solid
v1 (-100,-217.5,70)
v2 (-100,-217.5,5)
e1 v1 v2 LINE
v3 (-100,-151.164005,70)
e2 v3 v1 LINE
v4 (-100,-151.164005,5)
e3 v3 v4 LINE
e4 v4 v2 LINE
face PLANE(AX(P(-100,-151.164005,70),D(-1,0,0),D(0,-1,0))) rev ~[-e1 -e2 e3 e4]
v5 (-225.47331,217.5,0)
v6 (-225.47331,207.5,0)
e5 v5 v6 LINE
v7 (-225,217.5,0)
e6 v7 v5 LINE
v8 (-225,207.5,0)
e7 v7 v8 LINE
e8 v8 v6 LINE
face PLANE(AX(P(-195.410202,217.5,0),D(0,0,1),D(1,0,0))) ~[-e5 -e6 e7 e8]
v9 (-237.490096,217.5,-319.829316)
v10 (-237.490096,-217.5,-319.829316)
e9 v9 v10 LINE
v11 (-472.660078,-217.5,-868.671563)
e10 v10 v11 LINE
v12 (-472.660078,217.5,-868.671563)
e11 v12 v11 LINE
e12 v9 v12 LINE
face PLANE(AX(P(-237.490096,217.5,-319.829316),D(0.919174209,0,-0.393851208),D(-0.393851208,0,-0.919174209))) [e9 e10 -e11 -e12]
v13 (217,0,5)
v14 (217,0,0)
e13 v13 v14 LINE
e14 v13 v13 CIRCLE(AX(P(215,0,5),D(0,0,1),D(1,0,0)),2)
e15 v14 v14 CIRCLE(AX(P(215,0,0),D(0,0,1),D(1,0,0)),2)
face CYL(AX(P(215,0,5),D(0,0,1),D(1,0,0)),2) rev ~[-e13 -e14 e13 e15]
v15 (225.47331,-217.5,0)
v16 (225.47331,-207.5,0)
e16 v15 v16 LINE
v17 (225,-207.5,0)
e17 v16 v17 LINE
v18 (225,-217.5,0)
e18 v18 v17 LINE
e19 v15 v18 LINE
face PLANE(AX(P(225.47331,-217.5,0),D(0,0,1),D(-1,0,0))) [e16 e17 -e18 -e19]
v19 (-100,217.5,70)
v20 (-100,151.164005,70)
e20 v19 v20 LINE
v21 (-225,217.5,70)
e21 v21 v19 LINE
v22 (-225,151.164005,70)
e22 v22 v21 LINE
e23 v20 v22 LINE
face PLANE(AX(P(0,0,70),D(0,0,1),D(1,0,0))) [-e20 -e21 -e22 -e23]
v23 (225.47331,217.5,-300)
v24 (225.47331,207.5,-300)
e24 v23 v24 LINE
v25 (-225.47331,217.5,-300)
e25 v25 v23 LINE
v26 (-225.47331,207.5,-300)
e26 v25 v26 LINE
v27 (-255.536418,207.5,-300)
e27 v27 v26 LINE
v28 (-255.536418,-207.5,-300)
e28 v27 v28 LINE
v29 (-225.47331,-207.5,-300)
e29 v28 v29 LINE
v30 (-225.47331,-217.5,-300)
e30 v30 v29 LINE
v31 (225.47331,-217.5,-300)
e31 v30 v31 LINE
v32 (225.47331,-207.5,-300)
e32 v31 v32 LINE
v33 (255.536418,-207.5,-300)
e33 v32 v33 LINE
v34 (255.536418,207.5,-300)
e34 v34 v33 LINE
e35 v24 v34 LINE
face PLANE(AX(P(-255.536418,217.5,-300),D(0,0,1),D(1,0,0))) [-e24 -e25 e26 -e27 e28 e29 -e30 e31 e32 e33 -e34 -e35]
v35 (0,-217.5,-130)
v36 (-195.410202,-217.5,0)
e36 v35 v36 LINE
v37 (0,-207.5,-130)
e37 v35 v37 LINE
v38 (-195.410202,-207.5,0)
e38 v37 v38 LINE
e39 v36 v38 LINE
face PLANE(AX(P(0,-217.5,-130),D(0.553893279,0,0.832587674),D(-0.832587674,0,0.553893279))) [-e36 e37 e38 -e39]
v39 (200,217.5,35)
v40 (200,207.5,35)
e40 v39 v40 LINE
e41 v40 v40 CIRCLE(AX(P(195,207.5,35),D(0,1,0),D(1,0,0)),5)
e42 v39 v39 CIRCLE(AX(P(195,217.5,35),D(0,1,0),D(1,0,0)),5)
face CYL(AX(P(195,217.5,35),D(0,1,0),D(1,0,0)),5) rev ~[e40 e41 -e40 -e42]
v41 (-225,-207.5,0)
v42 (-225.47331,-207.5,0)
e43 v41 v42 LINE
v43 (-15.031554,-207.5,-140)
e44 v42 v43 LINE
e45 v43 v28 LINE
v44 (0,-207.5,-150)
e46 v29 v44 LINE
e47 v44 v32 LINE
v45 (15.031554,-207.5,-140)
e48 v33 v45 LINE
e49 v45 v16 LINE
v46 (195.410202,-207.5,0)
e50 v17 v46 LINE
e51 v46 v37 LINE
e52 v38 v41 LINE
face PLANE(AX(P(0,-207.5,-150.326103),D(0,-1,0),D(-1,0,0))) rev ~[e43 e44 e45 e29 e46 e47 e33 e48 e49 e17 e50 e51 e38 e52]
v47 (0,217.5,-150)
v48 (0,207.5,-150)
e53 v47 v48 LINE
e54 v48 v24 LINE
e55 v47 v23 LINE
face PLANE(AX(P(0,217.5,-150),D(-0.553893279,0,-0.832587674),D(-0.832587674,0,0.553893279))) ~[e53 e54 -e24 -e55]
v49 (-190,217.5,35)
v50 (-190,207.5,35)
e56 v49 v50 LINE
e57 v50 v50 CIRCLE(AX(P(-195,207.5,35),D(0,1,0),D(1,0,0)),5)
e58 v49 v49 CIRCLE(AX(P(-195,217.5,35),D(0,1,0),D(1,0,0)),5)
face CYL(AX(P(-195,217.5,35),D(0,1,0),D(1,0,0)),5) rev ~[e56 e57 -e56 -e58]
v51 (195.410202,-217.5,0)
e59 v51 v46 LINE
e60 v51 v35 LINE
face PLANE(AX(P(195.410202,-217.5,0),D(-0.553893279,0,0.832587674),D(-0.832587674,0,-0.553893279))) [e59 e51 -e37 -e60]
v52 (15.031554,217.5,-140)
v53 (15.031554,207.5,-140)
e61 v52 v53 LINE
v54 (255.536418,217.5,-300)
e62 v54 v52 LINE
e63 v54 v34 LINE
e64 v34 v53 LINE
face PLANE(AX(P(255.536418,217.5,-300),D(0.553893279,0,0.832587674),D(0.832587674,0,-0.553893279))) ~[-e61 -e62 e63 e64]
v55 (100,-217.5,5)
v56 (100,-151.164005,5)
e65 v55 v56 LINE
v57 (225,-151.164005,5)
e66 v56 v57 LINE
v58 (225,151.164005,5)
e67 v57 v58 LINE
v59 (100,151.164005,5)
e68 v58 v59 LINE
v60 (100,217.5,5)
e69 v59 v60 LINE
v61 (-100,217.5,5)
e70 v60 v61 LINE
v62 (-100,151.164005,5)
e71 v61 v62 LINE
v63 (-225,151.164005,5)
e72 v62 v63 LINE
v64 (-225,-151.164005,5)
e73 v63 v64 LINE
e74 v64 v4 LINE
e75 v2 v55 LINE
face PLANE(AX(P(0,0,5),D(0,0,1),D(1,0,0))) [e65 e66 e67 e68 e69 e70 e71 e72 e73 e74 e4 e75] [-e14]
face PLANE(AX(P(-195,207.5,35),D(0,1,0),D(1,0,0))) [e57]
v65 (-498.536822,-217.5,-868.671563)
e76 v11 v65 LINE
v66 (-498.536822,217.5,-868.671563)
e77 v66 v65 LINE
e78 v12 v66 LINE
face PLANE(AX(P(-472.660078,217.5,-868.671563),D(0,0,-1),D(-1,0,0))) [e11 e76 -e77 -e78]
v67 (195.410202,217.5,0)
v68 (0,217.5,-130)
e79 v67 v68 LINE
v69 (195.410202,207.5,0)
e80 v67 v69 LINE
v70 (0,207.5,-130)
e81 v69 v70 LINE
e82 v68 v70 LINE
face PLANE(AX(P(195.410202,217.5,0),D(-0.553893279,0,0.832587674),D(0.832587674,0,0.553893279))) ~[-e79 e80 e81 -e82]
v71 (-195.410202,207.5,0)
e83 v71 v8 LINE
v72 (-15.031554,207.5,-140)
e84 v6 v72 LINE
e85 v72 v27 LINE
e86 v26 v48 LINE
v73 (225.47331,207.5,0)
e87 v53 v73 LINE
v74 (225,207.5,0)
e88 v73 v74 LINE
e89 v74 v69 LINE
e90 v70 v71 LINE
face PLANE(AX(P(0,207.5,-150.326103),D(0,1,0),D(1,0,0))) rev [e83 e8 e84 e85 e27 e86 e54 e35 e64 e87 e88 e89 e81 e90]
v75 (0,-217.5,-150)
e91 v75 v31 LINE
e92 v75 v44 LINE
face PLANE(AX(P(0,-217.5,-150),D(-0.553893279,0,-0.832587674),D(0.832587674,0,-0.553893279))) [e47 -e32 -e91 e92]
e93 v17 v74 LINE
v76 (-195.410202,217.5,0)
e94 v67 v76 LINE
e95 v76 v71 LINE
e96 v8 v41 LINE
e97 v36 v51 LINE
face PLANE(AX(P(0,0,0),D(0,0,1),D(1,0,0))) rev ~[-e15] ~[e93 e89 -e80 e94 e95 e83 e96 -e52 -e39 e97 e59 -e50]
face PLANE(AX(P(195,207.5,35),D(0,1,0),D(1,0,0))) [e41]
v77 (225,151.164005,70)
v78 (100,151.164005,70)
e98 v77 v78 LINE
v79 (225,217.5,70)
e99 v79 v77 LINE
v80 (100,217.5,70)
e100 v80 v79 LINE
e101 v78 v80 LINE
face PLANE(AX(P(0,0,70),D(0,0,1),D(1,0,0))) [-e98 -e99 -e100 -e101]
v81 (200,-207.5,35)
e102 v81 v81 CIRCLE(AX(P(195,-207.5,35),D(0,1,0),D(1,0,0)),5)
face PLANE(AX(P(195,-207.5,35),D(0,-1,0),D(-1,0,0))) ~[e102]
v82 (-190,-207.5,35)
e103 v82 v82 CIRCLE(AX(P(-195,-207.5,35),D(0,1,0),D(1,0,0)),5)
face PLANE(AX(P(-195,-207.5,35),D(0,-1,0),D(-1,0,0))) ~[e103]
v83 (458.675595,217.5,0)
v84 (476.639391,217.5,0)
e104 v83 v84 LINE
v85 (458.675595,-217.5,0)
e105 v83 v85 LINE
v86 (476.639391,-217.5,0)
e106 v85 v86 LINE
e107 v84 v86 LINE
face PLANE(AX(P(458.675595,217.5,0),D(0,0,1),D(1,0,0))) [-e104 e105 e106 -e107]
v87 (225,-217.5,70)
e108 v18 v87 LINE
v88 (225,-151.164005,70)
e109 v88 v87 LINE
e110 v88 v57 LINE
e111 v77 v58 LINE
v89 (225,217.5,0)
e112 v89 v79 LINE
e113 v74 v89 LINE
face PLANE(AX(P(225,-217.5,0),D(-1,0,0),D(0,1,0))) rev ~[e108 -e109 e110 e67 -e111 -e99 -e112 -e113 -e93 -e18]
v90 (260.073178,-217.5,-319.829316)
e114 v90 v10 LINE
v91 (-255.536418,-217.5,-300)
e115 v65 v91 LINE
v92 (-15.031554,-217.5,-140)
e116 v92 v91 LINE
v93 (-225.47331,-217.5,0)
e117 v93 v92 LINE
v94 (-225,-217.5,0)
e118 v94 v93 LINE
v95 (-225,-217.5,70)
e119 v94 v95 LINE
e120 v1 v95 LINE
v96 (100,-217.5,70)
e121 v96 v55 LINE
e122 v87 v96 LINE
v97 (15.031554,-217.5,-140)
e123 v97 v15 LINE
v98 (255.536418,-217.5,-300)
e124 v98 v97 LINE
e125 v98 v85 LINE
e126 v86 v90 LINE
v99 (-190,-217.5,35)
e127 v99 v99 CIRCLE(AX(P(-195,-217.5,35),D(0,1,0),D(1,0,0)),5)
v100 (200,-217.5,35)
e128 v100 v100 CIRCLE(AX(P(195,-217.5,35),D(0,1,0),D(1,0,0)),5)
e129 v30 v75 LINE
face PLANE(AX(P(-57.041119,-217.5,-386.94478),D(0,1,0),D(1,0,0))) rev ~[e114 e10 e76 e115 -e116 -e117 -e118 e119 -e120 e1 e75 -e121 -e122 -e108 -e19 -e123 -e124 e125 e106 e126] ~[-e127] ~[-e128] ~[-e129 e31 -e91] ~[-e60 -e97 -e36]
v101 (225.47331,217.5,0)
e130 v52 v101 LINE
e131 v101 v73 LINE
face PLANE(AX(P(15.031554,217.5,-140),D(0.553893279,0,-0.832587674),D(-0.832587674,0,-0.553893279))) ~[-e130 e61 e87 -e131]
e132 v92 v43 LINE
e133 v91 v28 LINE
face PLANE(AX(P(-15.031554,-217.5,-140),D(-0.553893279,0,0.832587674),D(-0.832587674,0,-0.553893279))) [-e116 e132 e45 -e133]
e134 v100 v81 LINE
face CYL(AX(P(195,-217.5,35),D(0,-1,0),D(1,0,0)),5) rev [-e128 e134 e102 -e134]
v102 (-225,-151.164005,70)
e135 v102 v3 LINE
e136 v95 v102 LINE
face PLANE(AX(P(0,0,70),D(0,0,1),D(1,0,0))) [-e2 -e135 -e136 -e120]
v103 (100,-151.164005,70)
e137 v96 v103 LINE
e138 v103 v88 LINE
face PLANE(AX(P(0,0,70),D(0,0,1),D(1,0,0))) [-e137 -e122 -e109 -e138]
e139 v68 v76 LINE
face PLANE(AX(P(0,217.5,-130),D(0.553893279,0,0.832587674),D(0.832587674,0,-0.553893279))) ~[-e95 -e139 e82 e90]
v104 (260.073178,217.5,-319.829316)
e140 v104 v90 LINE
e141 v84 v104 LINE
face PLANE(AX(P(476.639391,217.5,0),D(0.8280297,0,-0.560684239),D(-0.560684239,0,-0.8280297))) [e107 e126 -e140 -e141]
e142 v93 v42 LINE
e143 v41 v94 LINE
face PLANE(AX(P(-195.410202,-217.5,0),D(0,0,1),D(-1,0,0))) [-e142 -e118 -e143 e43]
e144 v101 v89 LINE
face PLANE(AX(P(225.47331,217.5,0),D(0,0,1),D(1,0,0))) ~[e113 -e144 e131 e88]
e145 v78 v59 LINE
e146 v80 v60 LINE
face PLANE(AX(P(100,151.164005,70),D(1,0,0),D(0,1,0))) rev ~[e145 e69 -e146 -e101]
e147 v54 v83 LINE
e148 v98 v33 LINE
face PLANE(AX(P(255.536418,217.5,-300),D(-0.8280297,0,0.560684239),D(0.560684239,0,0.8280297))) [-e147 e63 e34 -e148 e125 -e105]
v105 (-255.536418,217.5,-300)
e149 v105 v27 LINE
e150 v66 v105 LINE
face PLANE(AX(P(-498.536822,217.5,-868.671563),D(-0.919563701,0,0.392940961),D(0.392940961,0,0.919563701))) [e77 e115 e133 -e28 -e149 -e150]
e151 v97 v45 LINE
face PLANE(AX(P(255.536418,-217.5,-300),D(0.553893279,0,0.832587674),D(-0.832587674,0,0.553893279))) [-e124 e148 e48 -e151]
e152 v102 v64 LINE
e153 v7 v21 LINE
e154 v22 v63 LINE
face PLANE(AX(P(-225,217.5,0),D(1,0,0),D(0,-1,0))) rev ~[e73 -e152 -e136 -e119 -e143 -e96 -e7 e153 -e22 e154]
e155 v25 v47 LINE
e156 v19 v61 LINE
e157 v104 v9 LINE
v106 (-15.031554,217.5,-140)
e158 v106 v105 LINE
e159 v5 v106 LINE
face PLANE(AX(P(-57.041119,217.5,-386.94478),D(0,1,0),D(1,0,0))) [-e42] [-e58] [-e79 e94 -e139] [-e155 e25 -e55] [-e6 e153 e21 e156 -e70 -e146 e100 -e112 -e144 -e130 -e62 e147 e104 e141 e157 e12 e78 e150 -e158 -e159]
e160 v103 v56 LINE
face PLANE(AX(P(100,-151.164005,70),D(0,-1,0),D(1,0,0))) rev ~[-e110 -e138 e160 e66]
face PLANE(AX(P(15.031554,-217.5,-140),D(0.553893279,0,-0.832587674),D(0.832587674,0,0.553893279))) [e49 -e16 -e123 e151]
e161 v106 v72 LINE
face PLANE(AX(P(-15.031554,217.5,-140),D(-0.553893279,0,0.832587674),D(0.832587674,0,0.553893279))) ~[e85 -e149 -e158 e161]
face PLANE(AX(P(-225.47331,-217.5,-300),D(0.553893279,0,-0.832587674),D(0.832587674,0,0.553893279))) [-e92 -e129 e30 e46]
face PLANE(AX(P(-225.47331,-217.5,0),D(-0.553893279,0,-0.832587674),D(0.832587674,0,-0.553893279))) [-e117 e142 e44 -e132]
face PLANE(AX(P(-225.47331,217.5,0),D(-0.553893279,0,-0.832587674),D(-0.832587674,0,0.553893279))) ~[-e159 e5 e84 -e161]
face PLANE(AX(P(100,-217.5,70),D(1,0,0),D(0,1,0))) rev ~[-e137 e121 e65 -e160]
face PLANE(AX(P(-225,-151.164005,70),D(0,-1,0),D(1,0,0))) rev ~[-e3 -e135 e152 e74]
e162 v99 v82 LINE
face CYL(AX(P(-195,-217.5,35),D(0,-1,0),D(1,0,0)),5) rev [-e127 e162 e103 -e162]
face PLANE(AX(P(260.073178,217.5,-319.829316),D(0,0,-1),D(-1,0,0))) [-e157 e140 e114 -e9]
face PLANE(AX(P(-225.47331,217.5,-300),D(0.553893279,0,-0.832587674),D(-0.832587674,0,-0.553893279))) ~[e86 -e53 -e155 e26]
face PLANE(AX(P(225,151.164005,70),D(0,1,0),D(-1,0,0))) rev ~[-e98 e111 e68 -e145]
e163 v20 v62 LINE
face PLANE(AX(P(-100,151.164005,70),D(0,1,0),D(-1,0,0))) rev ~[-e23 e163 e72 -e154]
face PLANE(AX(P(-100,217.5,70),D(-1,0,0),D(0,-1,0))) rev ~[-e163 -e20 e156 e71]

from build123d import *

# Parameters (mm, degrees)
EXTRUDE_1_DEPTH          = 70
CUT_EXTRUDE_1_DEPTH      = 1
CUT_EXTRUDE_1_DEPTH_BACK = 65
SKETCH_4_R               = 2
CUT_EXTRUDE_2_DEPTH      = 10
SKETCH_3_R               = 5
CUT_EXTRUDE_3_DEPTH      = 10
EXTRUDE_2_DEPTH          = 10
EXTRUDE_3_DEPTH          = 435


with BuildPart() as part:
    # 草图1 → 凸台-拉伸1 (new body)
    with BuildSketch(Plane.XY):
        Polygon((225, 0), (225, 217.5), (-225, 217.5), (-225, 0), (-225, -217.5), (225, -217.5), align=None)
    extrude(amount=EXTRUDE_1_DEPTH)

    # 草图2 → 切除-拉伸1 (cut, two sides)
    with BuildSketch(Plane.XY.offset(70)) as cut_extrude_1_sk:
        Polygon((0, 217.5), (-100, 217.5), (-100, 151.164004593), (-225, 151.164004593), (-225, -151.164004593), (-100, -151.164004593), (-100, -217.5), (100, -217.5), (100, -151.164004593), (225, -151.164004593), (225, 151.164004593), (100, 151.164004593), (100, 217.5), align=None)
    extrude(amount=CUT_EXTRUDE_1_DEPTH, mode=Mode.SUBTRACT)
    extrude(cut_extrude_1_sk.sketch, amount=-CUT_EXTRUDE_1_DEPTH_BACK, mode=Mode.SUBTRACT)

    # 草图4 → 切除-拉伸2 (cut)
    with BuildSketch(Plane.XY.offset(5)):
        with Locations((215, 0)):
            Circle(SKETCH_4_R)
    extrude(amount=-CUT_EXTRUDE_2_DEPTH, mode=Mode.SUBTRACT)

    # 草图3 → 切除-拉伸3 (cut)
    with BuildSketch(Plane(origin=(0, 217.5, 0), x_dir=(1, 0, 0), z_dir=(0, 1, 0))):
        with Locations((-195, -35)):
            Circle(SKETCH_3_R)
        with Locations((195, -35)):
            Circle(SKETCH_3_R)
    cut_extrude_3 = extrude(amount=-CUT_EXTRUDE_3_DEPTH, mode=Mode.SUBTRACT)

    # 镜向1: 切除-拉伸3 across plane
    add(cut_extrude_3.mirror(Plane.ZX), mode=Mode.SUBTRACT)

    # 草图6 → 凸台-拉伸2 (add)
    with BuildSketch(Plane(origin=(0, -217.5, 0), x_dir=(-1, 0, 0), z_dir=(0, -1, 0))):
        Polygon((-15.031554005, 140), (-225.473310071, 0), (-225, 0), (-195.410202062, 0), (0, 130), (195.410202062, 0), (225, 0), (225.473310071, 0), (15.031554005, 140), (255.536418081, 300), (225.473310071, 300), (0, 150), (-225.473310071, 300), (-255.536418081, 300), align=None)
    extrude_2 = extrude(amount=-EXTRUDE_2_DEPTH)

    # 镜向2: 凸台-拉伸2 across plane
    add(extrude_2.mirror(Plane.ZX))

    # 草图7 → 凸台-拉伸3 (add)
    with BuildSketch(Plane(origin=(0, 217.5, 0), x_dir=(1, 0, 0), z_dir=(0, 1, 0))):
        Polygon((-255.536418081, 300), (255.536418081, 300), (458.675595133, 0), (476.639391287, 0), (260.073177672, 319.829316172), (-237.490096329, 319.829316172), (-472.660078337, 868.671562843), (-498.536821512, 868.671562843), align=None)
    extrude(amount=-EXTRUDE_3_DEPTH)


solid = part.part
